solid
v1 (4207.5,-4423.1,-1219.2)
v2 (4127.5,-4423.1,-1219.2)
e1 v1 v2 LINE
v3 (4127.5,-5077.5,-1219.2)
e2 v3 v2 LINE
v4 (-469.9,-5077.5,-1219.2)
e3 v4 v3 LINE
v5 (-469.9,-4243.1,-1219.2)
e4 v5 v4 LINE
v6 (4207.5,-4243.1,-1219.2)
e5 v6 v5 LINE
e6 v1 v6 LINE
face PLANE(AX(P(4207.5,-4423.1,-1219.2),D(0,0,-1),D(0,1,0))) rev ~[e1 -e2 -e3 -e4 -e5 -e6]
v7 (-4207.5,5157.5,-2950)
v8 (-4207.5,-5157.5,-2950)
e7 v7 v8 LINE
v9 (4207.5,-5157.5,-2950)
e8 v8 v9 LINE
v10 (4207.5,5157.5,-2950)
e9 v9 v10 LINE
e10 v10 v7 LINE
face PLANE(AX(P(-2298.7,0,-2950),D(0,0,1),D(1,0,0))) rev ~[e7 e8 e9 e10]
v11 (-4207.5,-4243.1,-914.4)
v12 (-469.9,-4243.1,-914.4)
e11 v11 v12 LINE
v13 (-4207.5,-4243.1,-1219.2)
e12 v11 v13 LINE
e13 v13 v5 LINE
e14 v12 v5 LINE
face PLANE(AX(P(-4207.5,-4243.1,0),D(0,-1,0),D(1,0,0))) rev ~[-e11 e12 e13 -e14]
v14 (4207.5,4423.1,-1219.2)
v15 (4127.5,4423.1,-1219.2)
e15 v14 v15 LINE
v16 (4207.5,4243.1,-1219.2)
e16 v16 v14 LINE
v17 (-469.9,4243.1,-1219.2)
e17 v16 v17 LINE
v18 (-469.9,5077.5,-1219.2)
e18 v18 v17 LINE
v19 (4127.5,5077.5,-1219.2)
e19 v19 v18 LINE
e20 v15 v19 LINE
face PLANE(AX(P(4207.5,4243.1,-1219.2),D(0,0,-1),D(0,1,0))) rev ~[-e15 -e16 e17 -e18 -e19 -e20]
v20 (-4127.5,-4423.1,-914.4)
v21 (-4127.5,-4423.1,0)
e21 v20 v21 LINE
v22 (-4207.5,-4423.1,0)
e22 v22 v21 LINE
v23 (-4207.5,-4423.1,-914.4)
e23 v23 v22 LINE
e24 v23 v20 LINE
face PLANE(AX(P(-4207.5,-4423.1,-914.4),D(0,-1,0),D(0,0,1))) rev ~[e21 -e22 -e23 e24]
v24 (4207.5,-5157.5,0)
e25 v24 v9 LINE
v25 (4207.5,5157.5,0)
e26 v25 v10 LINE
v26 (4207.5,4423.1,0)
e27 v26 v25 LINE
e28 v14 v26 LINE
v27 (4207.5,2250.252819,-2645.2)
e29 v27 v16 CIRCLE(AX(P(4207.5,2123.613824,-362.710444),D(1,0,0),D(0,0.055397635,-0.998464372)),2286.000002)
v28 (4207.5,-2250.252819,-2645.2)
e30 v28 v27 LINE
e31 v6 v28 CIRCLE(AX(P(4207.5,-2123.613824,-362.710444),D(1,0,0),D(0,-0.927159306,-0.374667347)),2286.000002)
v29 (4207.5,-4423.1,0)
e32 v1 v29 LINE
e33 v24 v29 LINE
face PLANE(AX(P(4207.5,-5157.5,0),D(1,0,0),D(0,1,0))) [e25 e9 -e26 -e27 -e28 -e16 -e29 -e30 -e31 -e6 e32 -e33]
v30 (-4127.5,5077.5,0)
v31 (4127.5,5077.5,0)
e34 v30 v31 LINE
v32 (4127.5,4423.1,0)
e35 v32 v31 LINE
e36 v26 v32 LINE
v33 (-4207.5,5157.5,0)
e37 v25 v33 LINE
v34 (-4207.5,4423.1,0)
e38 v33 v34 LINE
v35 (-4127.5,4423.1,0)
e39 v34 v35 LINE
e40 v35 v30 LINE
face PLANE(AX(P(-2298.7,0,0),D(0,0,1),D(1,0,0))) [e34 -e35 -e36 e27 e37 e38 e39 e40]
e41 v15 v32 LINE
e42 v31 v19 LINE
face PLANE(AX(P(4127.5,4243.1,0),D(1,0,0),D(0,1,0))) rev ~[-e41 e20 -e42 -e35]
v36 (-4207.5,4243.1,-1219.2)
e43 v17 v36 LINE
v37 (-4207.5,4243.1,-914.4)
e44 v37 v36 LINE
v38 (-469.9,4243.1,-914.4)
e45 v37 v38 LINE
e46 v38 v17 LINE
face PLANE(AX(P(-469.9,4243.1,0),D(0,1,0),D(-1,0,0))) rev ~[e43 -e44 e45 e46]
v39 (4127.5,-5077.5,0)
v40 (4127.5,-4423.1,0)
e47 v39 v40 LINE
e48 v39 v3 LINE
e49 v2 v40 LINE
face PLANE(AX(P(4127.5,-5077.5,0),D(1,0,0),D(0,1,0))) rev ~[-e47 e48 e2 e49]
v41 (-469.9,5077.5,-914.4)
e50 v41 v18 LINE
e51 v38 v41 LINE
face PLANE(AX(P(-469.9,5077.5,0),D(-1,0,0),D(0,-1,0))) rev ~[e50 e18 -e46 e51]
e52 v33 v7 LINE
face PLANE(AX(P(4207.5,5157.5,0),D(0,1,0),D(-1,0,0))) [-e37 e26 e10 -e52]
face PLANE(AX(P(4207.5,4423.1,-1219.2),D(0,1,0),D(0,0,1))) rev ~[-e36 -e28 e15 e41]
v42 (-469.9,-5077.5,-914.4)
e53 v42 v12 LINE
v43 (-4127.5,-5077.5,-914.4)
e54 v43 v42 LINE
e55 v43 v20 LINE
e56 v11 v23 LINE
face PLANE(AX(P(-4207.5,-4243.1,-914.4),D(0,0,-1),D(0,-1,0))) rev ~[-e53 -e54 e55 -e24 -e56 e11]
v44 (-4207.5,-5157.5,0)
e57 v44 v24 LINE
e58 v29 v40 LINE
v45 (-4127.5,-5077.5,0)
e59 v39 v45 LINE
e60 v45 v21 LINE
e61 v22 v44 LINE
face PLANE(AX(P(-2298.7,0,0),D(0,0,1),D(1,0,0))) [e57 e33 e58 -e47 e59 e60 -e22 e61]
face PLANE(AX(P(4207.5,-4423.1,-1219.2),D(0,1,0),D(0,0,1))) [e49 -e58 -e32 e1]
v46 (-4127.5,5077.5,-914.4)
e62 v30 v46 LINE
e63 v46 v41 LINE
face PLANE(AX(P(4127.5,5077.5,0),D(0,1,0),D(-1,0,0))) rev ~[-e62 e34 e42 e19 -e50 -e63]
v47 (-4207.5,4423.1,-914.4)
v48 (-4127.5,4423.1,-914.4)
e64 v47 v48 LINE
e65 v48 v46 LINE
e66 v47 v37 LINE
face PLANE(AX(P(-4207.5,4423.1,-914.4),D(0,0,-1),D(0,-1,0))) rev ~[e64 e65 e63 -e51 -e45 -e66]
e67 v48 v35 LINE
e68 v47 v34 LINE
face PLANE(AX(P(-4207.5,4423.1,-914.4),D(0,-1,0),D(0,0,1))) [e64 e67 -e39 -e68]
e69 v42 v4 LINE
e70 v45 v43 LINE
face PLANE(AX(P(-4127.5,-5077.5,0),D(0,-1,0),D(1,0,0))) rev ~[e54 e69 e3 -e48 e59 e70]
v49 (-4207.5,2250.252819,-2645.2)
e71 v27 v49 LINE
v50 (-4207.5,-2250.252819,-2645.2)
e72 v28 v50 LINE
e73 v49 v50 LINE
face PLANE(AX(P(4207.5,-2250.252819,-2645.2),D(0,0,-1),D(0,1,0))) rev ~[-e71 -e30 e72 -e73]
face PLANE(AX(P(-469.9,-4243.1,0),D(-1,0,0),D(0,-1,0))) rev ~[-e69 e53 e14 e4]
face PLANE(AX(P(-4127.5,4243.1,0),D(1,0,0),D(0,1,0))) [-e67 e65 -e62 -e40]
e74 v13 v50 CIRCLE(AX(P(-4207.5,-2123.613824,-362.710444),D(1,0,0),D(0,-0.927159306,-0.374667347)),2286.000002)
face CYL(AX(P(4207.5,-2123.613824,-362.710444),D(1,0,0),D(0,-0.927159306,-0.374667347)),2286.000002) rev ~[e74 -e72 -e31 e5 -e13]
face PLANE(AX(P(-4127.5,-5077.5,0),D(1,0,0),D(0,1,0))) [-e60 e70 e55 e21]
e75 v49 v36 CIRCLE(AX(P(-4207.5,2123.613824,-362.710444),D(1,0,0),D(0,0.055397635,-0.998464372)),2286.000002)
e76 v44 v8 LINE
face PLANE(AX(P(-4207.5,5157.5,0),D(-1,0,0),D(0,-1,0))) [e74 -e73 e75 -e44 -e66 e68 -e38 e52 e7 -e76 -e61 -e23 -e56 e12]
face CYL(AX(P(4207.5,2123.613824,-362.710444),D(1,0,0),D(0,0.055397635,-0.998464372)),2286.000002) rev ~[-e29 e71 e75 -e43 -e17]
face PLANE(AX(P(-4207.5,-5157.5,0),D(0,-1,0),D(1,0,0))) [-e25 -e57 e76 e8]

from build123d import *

# Parameters (mm, degrees)
F0_W     = 3657.6
F0_H     = 8486.2
F0_W_2   = 80
F0_H_2   = 834.4
F1_DEPTH = 2950
F2_DEPTH = 1219.2
F3_DEPTH = 914.4
F5_DEPTH = 8415.001
F4_W     = 180
F4_H     = 1219.2
F6_DEPTH = 80
F7_W     = 180
F7_H     = 914.4
F8_DEPTH = 80


with BuildPart() as f1:
    # F0 (on Top) → F1 (new body)
    with BuildSketch(Plane.XY):
        with Locations((-2298.7, 0)):
            Rectangle(F0_W, F0_H)
        with Locations((-4167.5, 0)):
            Rectangle(F0_W_2, F0_H)
        Polygon((4127.5, -4243.1), (4127.5, 4243.1), (4127.5, 5077.5), (-469.9, 5077.5), (-469.9, 4243.1), (-469.9, -4243.1), (-469.9, -5077.5), (4127.5, -5077.5), align=None)
        with Locations((4167.5, 0)):
            Rectangle(F0_W_2, F0_H)
        with Locations((-2298.7, 4660.3)):
            Rectangle(F0_W, F0_H_2)
        Polygon((4207.5, 4243.1), (4207.5, 5157.5), (-4207.5, 5157.5), (-4207.5, 4243.1), (-4127.5, 4243.1), (-4127.5, 5077.5), (-469.9, 5077.5), (4127.5, 5077.5), (4127.5, 4243.1), align=None)
        with Locations((-2298.7, -4660.3)):
            Rectangle(F0_W, F0_H_2)
        Polygon((4207.5, -5157.5), (4207.5, -4243.1), (4127.5, -4243.1), (4127.5, -5077.5), (-469.9, -5077.5), (-4127.5, -5077.5), (-4127.5, -4243.1), (-4207.5, -4243.1), (-4207.5, -5157.5), align=None)
    extrude(amount=-F1_DEPTH)

    # F0 (on Top) → F2 (cut)
    with BuildSketch(Plane.XY):
        with Locations((-4167.5, 0)):
            Rectangle(F0_W_2, F0_H)
        with Locations((-2298.7, 0)):
            Rectangle(F0_W, F0_H)
        Polygon((4127.5, -4243.1), (4127.5, 4243.1), (4127.5, 5077.5), (-469.9, 5077.5), (-469.9, 4243.1), (-469.9, -4243.1), (-469.9, -5077.5), (4127.5, -5077.5), align=None)
        with Locations((4167.5, 0)):
            Rectangle(F0_W_2, F0_H)
    extrude(amount=-F2_DEPTH, mode=Mode.SUBTRACT)

    # F0 (on Top) → F3 (cut)
    with BuildSketch(Plane.XY):
        with Locations((-2298.7, -4660.3)):
            Rectangle(F0_W, F0_H_2)
        with Locations((-2298.7, 4660.3)):
            Rectangle(F0_W, F0_H_2)
    extrude(amount=-F3_DEPTH, mode=Mode.SUBTRACT)

    # F4 (on face) → F5 (cut, through all)
    with BuildSketch(Plane.YZ.offset(4207.5)):
        with BuildLine():
            Line((4243.1, -1219.2), (-4243.1, -1219.2))
            ThreePointArc((-4243.1, -1219.2), (-3453.891453, -2221.784794), (-2250.252819, -2645.2))
            Line((-2250.252819, -2645.2), (2250.252819, -2645.2))
            ThreePointArc((2250.252819, -2645.2), (3453.891453, -2221.784794), (4243.1, -1219.2))
        make_face()
    extrude(amount=-F5_DEPTH, mode=Mode.SUBTRACT)

    # F4 (on face) → F6 (cut, through all)
    with BuildSketch(Plane.YZ.offset(4207.5)):
        with Locations((-4333.1, -609.6)):
            Rectangle(F4_W, F4_H)
        with Locations((4333.1, -609.6)):
            Rectangle(F4_W, F4_H)
    extrude(amount=-F6_DEPTH, mode=Mode.SUBTRACT)

    # F7 (on face) → F8 (cut, through all)
    with BuildSketch(Plane(origin=(-4207.5, 0, 0), x_dir=(0, -1, 0), z_dir=(-1, 0, 0))):
        with Locations((-4333.1, -457.2)):
            Rectangle(F7_W, F7_H)
        with Locations((4333.1, -457.2)):
            Rectangle(F7_W, F7_H)
    extrude(amount=-F8_DEPTH, mode=Mode.SUBTRACT)


solid = f1.part
